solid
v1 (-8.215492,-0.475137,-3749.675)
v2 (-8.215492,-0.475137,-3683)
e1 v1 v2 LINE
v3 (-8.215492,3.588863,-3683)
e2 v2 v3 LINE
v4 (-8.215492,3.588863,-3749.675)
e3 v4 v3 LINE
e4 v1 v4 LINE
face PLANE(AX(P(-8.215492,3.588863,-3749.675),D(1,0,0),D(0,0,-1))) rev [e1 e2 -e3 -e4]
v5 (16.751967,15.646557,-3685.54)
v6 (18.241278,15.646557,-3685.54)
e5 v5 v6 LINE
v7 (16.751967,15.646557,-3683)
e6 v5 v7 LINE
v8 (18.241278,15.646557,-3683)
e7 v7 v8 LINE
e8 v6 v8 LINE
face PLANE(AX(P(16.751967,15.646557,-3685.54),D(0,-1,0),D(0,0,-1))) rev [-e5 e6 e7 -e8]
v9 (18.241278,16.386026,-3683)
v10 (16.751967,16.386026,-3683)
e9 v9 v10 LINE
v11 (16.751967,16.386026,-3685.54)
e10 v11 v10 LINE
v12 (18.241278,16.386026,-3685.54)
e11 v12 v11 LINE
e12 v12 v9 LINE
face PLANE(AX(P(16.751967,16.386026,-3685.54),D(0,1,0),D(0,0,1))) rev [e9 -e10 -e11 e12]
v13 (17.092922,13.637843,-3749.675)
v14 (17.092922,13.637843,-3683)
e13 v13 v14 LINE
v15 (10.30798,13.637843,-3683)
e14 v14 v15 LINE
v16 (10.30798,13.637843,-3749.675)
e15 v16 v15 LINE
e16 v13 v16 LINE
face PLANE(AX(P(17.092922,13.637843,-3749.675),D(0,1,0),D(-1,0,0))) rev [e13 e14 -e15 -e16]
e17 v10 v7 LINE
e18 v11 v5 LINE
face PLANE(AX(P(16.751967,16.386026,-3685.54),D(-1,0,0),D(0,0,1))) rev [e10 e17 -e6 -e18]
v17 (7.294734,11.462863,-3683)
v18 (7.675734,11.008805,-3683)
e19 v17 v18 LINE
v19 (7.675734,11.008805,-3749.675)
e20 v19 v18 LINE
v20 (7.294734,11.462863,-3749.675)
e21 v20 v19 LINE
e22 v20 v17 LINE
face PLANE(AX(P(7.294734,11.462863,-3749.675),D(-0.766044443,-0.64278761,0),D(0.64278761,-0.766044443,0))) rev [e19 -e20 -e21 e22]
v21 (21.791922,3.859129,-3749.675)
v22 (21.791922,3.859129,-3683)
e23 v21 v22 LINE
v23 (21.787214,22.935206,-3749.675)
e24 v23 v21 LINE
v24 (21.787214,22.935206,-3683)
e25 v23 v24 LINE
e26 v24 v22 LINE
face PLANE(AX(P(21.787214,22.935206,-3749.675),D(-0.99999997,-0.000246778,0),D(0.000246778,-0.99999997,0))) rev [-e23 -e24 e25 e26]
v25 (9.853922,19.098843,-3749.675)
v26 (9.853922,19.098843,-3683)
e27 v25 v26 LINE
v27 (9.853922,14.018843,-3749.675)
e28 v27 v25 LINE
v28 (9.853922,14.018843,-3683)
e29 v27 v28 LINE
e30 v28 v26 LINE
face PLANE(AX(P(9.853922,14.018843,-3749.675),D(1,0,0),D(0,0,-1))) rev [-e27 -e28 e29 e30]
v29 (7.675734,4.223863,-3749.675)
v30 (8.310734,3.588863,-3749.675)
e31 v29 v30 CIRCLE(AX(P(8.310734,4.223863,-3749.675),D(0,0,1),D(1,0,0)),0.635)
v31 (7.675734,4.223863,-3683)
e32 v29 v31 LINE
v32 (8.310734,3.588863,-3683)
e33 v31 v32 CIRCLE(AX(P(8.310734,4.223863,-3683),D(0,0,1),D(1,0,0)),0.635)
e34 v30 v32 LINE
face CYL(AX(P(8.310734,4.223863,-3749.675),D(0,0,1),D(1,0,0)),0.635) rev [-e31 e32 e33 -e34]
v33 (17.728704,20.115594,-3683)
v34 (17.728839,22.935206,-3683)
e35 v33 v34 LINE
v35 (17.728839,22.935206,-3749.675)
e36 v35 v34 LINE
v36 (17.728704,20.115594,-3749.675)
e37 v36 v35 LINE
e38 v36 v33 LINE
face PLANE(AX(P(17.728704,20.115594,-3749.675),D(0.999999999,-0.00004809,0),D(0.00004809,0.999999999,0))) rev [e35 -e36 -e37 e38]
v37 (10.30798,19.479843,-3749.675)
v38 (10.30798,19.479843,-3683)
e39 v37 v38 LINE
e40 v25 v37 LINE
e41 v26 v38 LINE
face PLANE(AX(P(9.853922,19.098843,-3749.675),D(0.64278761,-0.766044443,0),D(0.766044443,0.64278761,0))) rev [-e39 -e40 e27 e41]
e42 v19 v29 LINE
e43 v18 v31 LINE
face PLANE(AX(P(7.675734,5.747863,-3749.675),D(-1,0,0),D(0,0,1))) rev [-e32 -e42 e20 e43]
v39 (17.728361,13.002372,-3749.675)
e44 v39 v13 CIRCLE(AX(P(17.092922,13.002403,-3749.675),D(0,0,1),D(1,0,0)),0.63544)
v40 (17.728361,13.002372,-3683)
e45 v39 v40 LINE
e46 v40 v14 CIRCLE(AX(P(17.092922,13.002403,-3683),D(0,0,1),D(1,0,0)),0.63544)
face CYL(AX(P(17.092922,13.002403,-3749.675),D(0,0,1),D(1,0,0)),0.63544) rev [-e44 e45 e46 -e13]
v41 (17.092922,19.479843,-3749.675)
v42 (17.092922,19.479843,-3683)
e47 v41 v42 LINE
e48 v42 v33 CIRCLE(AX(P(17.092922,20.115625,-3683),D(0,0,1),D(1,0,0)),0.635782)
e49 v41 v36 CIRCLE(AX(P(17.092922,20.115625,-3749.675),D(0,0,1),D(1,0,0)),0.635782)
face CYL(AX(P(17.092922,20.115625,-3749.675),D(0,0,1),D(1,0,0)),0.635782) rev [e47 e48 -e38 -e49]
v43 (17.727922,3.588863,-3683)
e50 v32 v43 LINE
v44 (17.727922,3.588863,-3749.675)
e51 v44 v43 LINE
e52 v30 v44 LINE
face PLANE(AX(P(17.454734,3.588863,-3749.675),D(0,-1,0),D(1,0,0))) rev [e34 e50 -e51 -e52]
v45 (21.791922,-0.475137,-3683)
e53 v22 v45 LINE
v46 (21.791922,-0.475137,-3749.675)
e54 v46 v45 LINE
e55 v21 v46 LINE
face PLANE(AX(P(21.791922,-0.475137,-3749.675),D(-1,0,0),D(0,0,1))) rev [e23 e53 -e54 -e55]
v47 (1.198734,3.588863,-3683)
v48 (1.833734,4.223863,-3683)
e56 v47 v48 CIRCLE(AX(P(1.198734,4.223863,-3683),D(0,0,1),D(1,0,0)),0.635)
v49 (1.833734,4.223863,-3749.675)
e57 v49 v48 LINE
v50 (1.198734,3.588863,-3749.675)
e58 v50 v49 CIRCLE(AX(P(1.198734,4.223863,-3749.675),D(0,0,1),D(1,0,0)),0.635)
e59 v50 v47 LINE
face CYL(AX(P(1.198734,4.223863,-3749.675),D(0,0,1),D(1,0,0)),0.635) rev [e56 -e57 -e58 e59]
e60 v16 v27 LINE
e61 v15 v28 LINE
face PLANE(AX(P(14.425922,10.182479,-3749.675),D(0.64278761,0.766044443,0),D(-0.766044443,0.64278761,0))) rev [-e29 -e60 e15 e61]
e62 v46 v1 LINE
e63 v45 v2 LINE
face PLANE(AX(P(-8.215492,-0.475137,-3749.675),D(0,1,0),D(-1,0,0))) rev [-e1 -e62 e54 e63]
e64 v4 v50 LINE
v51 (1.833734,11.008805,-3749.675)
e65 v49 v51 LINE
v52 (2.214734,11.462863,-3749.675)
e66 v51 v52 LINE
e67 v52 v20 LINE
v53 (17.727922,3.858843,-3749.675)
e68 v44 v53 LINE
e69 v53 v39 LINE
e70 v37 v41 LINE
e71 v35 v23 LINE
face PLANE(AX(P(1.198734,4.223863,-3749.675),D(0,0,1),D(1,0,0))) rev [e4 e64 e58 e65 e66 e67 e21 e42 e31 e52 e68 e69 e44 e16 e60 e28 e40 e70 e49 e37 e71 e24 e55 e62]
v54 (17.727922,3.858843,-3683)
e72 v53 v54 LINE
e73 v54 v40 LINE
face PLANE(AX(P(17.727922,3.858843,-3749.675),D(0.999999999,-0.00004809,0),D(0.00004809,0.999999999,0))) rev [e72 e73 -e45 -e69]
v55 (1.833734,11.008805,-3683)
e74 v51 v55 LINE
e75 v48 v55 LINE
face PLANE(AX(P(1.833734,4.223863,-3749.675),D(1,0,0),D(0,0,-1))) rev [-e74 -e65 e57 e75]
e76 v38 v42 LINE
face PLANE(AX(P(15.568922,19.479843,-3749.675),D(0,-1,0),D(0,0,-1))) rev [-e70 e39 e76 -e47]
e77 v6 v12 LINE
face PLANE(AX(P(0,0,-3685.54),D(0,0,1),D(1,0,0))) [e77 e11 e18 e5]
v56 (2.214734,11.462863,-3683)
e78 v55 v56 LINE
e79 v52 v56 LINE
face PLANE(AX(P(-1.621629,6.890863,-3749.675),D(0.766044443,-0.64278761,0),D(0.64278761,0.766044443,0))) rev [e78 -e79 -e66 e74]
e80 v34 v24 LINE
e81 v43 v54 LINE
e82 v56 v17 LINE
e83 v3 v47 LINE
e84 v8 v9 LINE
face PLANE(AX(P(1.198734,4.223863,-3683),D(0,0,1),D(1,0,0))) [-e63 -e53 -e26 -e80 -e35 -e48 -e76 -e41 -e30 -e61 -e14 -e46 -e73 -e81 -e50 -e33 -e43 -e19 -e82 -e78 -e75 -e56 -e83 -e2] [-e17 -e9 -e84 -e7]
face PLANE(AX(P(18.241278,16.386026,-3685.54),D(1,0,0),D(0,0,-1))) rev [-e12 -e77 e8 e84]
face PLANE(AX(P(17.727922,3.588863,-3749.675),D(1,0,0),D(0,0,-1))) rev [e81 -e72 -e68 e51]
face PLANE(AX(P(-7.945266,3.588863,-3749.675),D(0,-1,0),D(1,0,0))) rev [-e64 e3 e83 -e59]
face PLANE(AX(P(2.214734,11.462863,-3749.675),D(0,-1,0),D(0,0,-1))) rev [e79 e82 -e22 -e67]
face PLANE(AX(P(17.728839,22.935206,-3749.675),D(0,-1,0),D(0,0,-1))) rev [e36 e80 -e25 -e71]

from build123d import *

# Parameters (mm, degrees)
BOSS_EXTRUDE1_DEPTH = 66.675
CUT_EXTRUDE1_REACH  = 75.8
CUT_EXTRUDE2_REACH  = 75.8
SKETCH5_W           = 1.489310624
SKETCH5_H           = 0.739469686
CUT_EXTRUDE3_DEPTH  = 2.54


with BuildPart() as part:
    # Sketch1 → Boss-Extrude1 (new body)
    with BuildSketch(Plane(origin=(0, 0, -3683), x_dir=(-1, 0, 0), z_dir=(0, 0, -1))):
        with BuildLine():
            Line((7.945265893, 3.588862728), (-1.198734107, 3.588862728))
            ThreePointArc((-1.198734107, 3.588862728), (-1.647746913, 3.774849922), (-1.833734107, 4.223862728))
            Line((-1.833734107, 4.223862728), (-1.833734107, 5.747862728))
            ThreePointArc((-1.833734107, 5.747862728), (-1.647746913, 6.196875535), (-1.198734107, 6.382862728))
            Line((-1.198734107, 6.382862728), (1.621629442, 6.382862728))
            Line((1.621629442, 6.382862728), (1.621629442, 6.890862686))
            Line((1.621629442, 6.890862686), (-2.214734107, 11.462862728))
            Line((-2.214734107, 11.462862728), (-7.294734107, 11.462862728))
            Line((-7.294734107, 11.462862728), (-11.131097656, 6.890862686))
            Line((-11.131097656, 6.890862686), (-11.131097656, 6.382862728))
            Line((-11.131097656, 6.382862728), (-8.310734107, 6.382862728))
            ThreePointArc((-8.310734107, 6.382862728), (-7.861721301, 6.196875535), (-7.675734107, 5.747862728))
            Line((-7.675734107, 5.747862728), (-7.675734107, 4.223862728))
            ThreePointArc((-7.675734107, 4.223862728), (-7.861721301, 3.774849922), (-8.310734107, 3.588862728))
            Line((-8.310734107, 3.588862728), (-17.454734107, 3.588862728))
            Line((-17.454734107, 3.588862728), (-17.727921752, 3.588862728))
            Line((-17.727921752, 3.588862728), (-17.727921752, 3.858842754))
            Line((-17.727921752, 3.858842754), (-17.728361466, 13.002372481))
            ThreePointArc((-17.728361466, 13.002372481), (-17.542256287, 13.451715967), (-17.092921752, 13.637842754))
            Line((-17.092921752, 13.637842754), (-15.568921752, 13.637842754))
            ThreePointArc((-15.568921752, 13.637842754), (-15.119908946, 13.45185556), (-14.933921752, 13.002842754))
            Line((-14.933921752, 13.002842754), (-14.933921752, 10.182479205))
            Line((-14.933921752, 10.182479205), (-14.425921794, 10.182479205))
            Line((-14.425921794, 10.182479205), (-9.853921752, 14.018842754))
            Line((-9.853921752, 14.018842754), (-9.853921752, 19.098842754))
            Line((-9.853921752, 19.098842754), (-14.425921794, 22.935206303))
            Line((-14.425921794, 22.935206303), (-14.933921752, 22.935206303))
            Line((-14.933921752, 22.935206303), (-14.933921752, 20.114842754))
            ThreePointArc((-14.933921752, 20.114842754), (-15.119908946, 19.665829948), (-15.568921752, 19.479842754))
            Line((-15.568921752, 19.479842754), (-17.092921752, 19.479842754))
            ThreePointArc((-17.092921752, 19.479842754), (-17.542476558, 19.66604812), (-17.728703542, 20.11559397))
            Line((-17.728703542, 20.11559397), (-17.728839138, 22.935206303))
            Line((-17.728839138, 22.935206303), (-21.787214199, 22.935206303))
            Line((-21.787214199, 22.935206303), (-21.791921752, 3.859128788))
            Line((-21.791921752, 3.859128788), (-21.791921752, 3.588862728))
            Line((-21.791921752, 3.588862728), (-21.791921752, -0.475137272))
            Line((-21.791921752, -0.475137272), (-17.727921752, -0.475137272))
            Line((-17.727921752, -0.475137272), (-17.454774021, -0.475137272))
            Line((-17.454774021, -0.475137272), (7.945225979, -0.475137272))
            Line((7.945225979, -0.475137272), (8.215492039, -0.475137272))
            Line((8.215492039, -0.475137272), (8.215492039, 3.588862728))
            Line((8.215492039, 3.588862728), (7.945265893, 3.588862728))
        make_face()
    extrude(amount=BOSS_EXTRUDE1_DEPTH)

    # Sketch2 → Cut-Extrude1 (cut, up to next)
    with BuildSketch(Plane.XY.offset(-3683), mode=Mode.PRIVATE) as cut_extrude1_sk1:
        with BuildLine():
            Line((11.131097656, 6.890862686), (11.131097656, 6.382862728))
            Line((11.131097656, 6.382862728), (8.310734107, 6.382862728))
            ThreePointArc((8.310734107, 6.382862728), (7.861721301, 6.196875535), (7.675734107, 5.747862728))
            Line((7.675734107, 5.747862728), (7.675734107, 11.00880461))
            Line((7.675734107, 11.00880461), (11.131097656, 6.890862686))
        make_face()
    cut_extrude1_tool1 = extrude(cut_extrude1_sk1.sketch, amount=-CUT_EXTRUDE1_REACH, mode=Mode.PRIVATE) & part.part
    # Sketch2 → Cut-Extrude1 (cut, up to next)
    with BuildSketch(Plane.XY.offset(-3683), mode=Mode.PRIVATE) as cut_extrude1_sk2:
        with BuildLine():
            Line((1.833734107, 5.747862728), (1.833734107, 11.00880461))
            Line((1.833734107, 11.00880461), (-1.621629442, 6.890862686))
            Line((-1.621629442, 6.890862686), (-1.621629442, 6.382862728))
            Line((-1.621629442, 6.382862728), (1.198734107, 6.382862728))
            ThreePointArc((1.198734107, 6.382862728), (1.647746913, 6.196875535), (1.833734107, 5.747862728))
        make_face()
    cut_extrude1_tool2 = extrude(cut_extrude1_sk2.sketch, amount=-CUT_EXTRUDE1_REACH, mode=Mode.PRIVATE) & part.part
    add(cut_extrude1_tool1.solids().sort_by_distance((8.930632, 7.925168, -3683))[0], mode=Mode.SUBTRACT)
    add(cut_extrude1_tool2.solids().sort_by_distance((0.578837, 7.925168, -3683))[0], mode=Mode.SUBTRACT)

    # Sketch3 → Cut-Extrude2 (cut, up to next)
    with BuildSketch(Plane.XY.offset(-3683), mode=Mode.PRIVATE) as cut_extrude2_sk1:
        with BuildLine():
            Line((15.568921752, 19.479842754), (10.307979871, 19.479842754))
            Line((10.307979871, 19.479842754), (14.425921794, 22.935206303))
            Line((14.425921794, 22.935206303), (14.933921752, 22.935206303))
            Line((14.933921752, 22.935206303), (14.933921752, 20.114842754))
            ThreePointArc((14.933921752, 20.114842754), (15.119908946, 19.665829948), (15.568921752, 19.479842754))
        make_face()
    cut_extrude2_tool1 = extrude(cut_extrude2_sk1.sketch, amount=-CUT_EXTRUDE2_REACH, mode=Mode.PRIVATE) & part.part
    # Sketch3 → Cut-Extrude2 (cut, up to next)
    with BuildSketch(Plane.XY.offset(-3683), mode=Mode.PRIVATE) as cut_extrude2_sk2:
        with BuildLine():
            Line((10.307979871, 13.637842754), (14.425921794, 10.182479205))
            Line((14.425921794, 10.182479205), (14.933921752, 10.182479205))
            Line((14.933921752, 10.182479205), (14.933921752, 13.002842754))
            ThreePointArc((14.933921752, 13.002842754), (15.119908946, 13.45185556), (15.568921752, 13.637842754))
            Line((15.568921752, 13.637842754), (10.307979871, 13.637842754))
        make_face()
    cut_extrude2_tool2 = extrude(cut_extrude2_sk2.sketch, amount=-CUT_EXTRUDE2_REACH, mode=Mode.PRIVATE) & part.part
    add(cut_extrude2_tool1.solids().sort_by_distance((13.391616, 20.73474, -3683))[0], mode=Mode.SUBTRACT)
    add(cut_extrude2_tool2.solids().sort_by_distance((13.391616, 12.382945, -3683))[0], mode=Mode.SUBTRACT)

    # Sketch5 → Cut-Extrude3 (cut)
    with BuildSketch(Plane.XY.offset(-3683)):
        with Locations((17.496622798, 16.016291439)):
            Rectangle(SKETCH5_W, SKETCH5_H)
    extrude(amount=-CUT_EXTRUDE3_DEPTH, mode=Mode.SUBTRACT)


solid = part.part
